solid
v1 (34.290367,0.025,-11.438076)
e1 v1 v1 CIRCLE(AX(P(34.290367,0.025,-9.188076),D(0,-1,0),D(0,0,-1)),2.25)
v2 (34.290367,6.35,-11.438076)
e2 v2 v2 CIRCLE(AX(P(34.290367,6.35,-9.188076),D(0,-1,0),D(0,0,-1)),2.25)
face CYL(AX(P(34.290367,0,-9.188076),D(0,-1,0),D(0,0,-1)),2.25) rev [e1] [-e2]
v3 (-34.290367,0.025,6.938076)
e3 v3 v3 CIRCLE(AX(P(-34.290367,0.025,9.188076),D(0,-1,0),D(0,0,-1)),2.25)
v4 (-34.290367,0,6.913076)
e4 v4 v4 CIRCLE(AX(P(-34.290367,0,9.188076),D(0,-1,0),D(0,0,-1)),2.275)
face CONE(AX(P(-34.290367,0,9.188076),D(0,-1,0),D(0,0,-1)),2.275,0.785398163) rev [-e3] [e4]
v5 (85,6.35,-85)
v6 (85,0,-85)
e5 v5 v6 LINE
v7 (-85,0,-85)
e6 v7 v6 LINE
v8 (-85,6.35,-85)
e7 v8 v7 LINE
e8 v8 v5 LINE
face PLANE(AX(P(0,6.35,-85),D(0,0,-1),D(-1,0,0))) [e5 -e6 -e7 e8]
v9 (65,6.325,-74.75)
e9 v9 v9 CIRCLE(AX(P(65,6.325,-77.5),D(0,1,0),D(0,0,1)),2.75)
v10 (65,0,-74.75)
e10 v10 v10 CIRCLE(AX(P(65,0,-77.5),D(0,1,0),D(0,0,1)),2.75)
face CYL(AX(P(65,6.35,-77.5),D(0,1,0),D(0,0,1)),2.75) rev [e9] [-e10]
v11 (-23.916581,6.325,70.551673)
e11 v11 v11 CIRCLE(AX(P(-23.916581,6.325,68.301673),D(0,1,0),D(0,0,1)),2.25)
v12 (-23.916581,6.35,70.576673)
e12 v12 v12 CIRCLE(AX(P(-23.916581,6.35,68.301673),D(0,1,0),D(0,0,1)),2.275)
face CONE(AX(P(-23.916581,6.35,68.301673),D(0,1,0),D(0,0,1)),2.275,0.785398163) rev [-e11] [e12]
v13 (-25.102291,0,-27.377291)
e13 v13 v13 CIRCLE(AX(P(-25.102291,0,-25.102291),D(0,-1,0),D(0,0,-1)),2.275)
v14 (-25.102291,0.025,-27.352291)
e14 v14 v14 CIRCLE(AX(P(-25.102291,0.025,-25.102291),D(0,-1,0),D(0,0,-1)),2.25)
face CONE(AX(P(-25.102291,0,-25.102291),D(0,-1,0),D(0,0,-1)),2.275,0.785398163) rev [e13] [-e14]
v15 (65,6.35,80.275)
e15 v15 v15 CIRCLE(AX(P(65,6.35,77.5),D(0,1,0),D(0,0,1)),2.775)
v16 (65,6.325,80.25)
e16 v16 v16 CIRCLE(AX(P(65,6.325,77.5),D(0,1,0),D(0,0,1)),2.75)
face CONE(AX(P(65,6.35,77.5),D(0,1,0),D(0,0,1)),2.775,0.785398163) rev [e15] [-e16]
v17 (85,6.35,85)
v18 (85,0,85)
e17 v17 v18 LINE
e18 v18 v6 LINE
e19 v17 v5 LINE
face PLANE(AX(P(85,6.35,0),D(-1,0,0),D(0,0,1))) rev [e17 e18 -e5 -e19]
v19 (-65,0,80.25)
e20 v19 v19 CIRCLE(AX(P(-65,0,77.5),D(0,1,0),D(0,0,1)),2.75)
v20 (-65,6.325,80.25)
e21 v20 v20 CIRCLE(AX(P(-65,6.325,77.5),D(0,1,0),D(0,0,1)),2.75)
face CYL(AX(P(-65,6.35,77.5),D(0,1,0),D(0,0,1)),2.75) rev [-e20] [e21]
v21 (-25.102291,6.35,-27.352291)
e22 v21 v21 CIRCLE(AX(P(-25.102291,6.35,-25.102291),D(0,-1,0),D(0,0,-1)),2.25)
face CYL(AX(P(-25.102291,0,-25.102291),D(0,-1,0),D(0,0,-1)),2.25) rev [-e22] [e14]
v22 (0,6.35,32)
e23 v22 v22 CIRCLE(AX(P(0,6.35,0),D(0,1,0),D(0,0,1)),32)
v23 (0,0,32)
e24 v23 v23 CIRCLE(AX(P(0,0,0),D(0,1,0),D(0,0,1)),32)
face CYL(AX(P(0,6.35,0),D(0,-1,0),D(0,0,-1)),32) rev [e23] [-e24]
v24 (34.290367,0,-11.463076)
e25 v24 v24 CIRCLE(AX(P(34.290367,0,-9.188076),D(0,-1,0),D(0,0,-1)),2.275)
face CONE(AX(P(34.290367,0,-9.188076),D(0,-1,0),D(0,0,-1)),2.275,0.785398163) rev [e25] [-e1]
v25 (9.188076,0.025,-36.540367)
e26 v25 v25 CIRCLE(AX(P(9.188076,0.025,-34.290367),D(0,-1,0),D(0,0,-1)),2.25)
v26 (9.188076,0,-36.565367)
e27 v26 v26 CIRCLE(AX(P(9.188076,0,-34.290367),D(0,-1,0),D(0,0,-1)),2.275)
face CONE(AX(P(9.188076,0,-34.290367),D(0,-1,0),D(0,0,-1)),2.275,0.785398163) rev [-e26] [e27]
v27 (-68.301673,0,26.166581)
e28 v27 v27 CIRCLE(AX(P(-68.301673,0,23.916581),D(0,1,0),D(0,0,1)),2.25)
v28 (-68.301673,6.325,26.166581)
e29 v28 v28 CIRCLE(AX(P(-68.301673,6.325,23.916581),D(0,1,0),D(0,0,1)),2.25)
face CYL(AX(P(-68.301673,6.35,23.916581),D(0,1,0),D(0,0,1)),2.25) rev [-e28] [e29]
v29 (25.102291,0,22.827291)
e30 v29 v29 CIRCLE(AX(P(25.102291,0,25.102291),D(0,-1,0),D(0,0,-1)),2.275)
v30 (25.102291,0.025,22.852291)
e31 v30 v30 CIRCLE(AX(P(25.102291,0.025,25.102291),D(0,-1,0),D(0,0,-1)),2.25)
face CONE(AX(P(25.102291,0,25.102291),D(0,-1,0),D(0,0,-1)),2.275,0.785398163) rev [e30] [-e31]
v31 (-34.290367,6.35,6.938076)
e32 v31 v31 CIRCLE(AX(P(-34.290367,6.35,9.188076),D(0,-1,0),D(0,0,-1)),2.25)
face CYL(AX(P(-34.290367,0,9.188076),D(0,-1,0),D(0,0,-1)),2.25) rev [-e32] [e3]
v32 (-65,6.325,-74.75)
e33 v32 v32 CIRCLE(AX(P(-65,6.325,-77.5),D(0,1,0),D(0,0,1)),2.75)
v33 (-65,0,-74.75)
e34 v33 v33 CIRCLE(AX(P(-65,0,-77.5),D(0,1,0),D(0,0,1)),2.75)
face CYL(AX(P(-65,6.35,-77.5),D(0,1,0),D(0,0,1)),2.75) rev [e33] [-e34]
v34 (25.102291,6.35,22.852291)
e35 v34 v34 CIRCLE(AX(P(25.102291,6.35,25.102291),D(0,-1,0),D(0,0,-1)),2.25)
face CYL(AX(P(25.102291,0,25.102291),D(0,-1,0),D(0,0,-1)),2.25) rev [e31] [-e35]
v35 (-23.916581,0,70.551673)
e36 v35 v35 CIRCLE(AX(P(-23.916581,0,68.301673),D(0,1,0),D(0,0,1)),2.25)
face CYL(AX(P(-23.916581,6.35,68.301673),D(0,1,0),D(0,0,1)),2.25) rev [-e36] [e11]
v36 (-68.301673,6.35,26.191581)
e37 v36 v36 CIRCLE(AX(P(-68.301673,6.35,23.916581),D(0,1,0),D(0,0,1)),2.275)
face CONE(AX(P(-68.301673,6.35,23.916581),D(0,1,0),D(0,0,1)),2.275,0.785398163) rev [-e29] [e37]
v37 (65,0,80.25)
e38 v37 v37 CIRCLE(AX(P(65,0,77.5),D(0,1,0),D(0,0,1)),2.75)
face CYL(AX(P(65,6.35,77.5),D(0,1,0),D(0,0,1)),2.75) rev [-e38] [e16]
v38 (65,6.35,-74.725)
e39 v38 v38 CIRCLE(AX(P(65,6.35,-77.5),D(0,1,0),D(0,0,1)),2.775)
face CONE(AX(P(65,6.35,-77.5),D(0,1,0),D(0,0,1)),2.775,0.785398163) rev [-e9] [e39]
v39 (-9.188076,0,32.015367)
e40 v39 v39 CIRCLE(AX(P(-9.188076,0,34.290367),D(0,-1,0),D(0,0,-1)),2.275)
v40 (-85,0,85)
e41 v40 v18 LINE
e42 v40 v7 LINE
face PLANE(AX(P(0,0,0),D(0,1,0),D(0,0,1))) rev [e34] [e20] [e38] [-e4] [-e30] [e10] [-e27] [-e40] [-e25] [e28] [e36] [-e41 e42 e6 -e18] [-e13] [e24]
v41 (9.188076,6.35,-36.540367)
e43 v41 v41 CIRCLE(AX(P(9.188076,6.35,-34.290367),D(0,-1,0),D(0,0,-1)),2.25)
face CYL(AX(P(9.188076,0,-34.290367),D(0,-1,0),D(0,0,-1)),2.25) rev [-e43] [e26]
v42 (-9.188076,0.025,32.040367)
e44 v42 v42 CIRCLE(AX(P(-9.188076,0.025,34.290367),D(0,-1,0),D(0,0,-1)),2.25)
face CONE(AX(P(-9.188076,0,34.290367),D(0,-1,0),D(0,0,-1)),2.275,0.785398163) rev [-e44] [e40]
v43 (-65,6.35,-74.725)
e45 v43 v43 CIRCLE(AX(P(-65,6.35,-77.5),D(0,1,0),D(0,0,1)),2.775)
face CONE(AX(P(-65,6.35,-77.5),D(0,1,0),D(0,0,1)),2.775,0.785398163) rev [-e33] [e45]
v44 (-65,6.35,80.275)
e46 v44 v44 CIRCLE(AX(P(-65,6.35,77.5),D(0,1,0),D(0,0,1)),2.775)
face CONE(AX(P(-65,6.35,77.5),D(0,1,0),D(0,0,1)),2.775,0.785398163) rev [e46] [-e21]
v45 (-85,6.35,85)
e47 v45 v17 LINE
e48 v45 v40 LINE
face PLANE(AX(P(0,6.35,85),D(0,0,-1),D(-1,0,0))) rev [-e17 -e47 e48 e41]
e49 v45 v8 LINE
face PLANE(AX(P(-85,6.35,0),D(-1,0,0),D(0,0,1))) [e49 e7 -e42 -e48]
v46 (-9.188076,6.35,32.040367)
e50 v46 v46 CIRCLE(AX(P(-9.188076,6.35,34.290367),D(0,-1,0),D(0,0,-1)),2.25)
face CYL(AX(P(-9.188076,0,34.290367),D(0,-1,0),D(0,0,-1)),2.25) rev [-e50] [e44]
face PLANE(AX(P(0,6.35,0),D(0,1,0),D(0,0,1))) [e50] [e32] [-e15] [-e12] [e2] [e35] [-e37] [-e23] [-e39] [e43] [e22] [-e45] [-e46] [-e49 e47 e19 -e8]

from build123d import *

# Parameters (mm, degrees)
SKETCH1_W                      = 170
SKETCH1_H                      = 170
SKETCH1_R                      = 32
BOSS_EXTRUDE3_DEPTH            = 6.35
M4_CLEARANCE_HOLE2_D           = 4.5
M4_CLEARANCE_HOLE2_CSINK_D     = 4.55
M4_CLEARANCE_HOLE2_CSINK_ANGLE = 90
M4_CLEARANCE_HOLE5_D           = 4.5
M4_CLEARANCE_HOLE5_CSINK_D     = 4.55
M4_CLEARANCE_HOLE5_CSINK_ANGLE = 90
M5_CLEARANCE_HOLE1_D           = 5.5
M5_CLEARANCE_HOLE1_CSINK_D     = 5.55
M5_CLEARANCE_HOLE1_CSINK_ANGLE = 90
M5_CLEARANCE_HOLE2_D           = 5.5
M5_CLEARANCE_HOLE2_CSINK_D     = 5.55
M5_CLEARANCE_HOLE2_CSINK_ANGLE = 90


with BuildPart() as part:
    # Sketch1 → Boss-Extrude3 (new body)
    with BuildSketch(Plane(origin=(0, 0, 0), x_dir=(1, 0, 0), z_dir=(0, 1, 0))):
        Rectangle(SKETCH1_W, SKETCH1_H)
        with Locations(Location((0, 0, 0), (0, 0, 270))):
            Circle(SKETCH1_R, mode=Mode.SUBTRACT)
    extrude(amount=BOSS_EXTRUDE3_DEPTH)

    # M4 Clearance Hole2 (through all)
    with Locations(Plane(origin=(0, 0, 0), x_dir=(-1, 0, 0), z_dir=(0, -1, 0))):
        with Locations((-9.188076101, 34.290366833), (25.102290732, 25.102290732), (34.290366833, -9.188076101), (9.188076101, -34.290366833), (-25.102290732, -25.102290732), (-34.290366833, 9.188076101)):
            CounterSinkHole(M4_CLEARANCE_HOLE2_D / 2, M4_CLEARANCE_HOLE2_CSINK_D / 2, counter_sink_angle=M4_CLEARANCE_HOLE2_CSINK_ANGLE)

    # M4 Clearance Hole5 (through all)
    with Locations(Plane(origin=(0, 6.35, 0), x_dir=(1, 0, 0), z_dir=(0, 1, 0))):
        with Locations((-68.301673362, -23.916580707), (-23.916580707, -68.301673362)):
            CounterSinkHole(M4_CLEARANCE_HOLE5_D / 2, M4_CLEARANCE_HOLE5_CSINK_D / 2, counter_sink_angle=M4_CLEARANCE_HOLE5_CSINK_ANGLE)

    # M5 Clearance Hole1 (through all)
    with Locations(Plane(origin=(0, 6.35, 0), x_dir=(1, 0, 0), z_dir=(0, 1, 0))):
        with Locations((-65, -77.5)):
            CounterSinkHole(M5_CLEARANCE_HOLE1_D / 2, M5_CLEARANCE_HOLE1_CSINK_D / 2, counter_sink_angle=M5_CLEARANCE_HOLE1_CSINK_ANGLE)

    # M5 Clearance Hole2 (through all)
    with Locations(Plane(origin=(0, 6.35, 0), x_dir=(1, 0, 0), z_dir=(0, 1, 0))):
        with Locations((-65, 77.5), (65, 77.5), (65, -77.5)):
            CounterSinkHole(M5_CLEARANCE_HOLE2_D / 2, M5_CLEARANCE_HOLE2_CSINK_D / 2, counter_sink_angle=M5_CLEARANCE_HOLE2_CSINK_ANGLE)


solid = part.part
